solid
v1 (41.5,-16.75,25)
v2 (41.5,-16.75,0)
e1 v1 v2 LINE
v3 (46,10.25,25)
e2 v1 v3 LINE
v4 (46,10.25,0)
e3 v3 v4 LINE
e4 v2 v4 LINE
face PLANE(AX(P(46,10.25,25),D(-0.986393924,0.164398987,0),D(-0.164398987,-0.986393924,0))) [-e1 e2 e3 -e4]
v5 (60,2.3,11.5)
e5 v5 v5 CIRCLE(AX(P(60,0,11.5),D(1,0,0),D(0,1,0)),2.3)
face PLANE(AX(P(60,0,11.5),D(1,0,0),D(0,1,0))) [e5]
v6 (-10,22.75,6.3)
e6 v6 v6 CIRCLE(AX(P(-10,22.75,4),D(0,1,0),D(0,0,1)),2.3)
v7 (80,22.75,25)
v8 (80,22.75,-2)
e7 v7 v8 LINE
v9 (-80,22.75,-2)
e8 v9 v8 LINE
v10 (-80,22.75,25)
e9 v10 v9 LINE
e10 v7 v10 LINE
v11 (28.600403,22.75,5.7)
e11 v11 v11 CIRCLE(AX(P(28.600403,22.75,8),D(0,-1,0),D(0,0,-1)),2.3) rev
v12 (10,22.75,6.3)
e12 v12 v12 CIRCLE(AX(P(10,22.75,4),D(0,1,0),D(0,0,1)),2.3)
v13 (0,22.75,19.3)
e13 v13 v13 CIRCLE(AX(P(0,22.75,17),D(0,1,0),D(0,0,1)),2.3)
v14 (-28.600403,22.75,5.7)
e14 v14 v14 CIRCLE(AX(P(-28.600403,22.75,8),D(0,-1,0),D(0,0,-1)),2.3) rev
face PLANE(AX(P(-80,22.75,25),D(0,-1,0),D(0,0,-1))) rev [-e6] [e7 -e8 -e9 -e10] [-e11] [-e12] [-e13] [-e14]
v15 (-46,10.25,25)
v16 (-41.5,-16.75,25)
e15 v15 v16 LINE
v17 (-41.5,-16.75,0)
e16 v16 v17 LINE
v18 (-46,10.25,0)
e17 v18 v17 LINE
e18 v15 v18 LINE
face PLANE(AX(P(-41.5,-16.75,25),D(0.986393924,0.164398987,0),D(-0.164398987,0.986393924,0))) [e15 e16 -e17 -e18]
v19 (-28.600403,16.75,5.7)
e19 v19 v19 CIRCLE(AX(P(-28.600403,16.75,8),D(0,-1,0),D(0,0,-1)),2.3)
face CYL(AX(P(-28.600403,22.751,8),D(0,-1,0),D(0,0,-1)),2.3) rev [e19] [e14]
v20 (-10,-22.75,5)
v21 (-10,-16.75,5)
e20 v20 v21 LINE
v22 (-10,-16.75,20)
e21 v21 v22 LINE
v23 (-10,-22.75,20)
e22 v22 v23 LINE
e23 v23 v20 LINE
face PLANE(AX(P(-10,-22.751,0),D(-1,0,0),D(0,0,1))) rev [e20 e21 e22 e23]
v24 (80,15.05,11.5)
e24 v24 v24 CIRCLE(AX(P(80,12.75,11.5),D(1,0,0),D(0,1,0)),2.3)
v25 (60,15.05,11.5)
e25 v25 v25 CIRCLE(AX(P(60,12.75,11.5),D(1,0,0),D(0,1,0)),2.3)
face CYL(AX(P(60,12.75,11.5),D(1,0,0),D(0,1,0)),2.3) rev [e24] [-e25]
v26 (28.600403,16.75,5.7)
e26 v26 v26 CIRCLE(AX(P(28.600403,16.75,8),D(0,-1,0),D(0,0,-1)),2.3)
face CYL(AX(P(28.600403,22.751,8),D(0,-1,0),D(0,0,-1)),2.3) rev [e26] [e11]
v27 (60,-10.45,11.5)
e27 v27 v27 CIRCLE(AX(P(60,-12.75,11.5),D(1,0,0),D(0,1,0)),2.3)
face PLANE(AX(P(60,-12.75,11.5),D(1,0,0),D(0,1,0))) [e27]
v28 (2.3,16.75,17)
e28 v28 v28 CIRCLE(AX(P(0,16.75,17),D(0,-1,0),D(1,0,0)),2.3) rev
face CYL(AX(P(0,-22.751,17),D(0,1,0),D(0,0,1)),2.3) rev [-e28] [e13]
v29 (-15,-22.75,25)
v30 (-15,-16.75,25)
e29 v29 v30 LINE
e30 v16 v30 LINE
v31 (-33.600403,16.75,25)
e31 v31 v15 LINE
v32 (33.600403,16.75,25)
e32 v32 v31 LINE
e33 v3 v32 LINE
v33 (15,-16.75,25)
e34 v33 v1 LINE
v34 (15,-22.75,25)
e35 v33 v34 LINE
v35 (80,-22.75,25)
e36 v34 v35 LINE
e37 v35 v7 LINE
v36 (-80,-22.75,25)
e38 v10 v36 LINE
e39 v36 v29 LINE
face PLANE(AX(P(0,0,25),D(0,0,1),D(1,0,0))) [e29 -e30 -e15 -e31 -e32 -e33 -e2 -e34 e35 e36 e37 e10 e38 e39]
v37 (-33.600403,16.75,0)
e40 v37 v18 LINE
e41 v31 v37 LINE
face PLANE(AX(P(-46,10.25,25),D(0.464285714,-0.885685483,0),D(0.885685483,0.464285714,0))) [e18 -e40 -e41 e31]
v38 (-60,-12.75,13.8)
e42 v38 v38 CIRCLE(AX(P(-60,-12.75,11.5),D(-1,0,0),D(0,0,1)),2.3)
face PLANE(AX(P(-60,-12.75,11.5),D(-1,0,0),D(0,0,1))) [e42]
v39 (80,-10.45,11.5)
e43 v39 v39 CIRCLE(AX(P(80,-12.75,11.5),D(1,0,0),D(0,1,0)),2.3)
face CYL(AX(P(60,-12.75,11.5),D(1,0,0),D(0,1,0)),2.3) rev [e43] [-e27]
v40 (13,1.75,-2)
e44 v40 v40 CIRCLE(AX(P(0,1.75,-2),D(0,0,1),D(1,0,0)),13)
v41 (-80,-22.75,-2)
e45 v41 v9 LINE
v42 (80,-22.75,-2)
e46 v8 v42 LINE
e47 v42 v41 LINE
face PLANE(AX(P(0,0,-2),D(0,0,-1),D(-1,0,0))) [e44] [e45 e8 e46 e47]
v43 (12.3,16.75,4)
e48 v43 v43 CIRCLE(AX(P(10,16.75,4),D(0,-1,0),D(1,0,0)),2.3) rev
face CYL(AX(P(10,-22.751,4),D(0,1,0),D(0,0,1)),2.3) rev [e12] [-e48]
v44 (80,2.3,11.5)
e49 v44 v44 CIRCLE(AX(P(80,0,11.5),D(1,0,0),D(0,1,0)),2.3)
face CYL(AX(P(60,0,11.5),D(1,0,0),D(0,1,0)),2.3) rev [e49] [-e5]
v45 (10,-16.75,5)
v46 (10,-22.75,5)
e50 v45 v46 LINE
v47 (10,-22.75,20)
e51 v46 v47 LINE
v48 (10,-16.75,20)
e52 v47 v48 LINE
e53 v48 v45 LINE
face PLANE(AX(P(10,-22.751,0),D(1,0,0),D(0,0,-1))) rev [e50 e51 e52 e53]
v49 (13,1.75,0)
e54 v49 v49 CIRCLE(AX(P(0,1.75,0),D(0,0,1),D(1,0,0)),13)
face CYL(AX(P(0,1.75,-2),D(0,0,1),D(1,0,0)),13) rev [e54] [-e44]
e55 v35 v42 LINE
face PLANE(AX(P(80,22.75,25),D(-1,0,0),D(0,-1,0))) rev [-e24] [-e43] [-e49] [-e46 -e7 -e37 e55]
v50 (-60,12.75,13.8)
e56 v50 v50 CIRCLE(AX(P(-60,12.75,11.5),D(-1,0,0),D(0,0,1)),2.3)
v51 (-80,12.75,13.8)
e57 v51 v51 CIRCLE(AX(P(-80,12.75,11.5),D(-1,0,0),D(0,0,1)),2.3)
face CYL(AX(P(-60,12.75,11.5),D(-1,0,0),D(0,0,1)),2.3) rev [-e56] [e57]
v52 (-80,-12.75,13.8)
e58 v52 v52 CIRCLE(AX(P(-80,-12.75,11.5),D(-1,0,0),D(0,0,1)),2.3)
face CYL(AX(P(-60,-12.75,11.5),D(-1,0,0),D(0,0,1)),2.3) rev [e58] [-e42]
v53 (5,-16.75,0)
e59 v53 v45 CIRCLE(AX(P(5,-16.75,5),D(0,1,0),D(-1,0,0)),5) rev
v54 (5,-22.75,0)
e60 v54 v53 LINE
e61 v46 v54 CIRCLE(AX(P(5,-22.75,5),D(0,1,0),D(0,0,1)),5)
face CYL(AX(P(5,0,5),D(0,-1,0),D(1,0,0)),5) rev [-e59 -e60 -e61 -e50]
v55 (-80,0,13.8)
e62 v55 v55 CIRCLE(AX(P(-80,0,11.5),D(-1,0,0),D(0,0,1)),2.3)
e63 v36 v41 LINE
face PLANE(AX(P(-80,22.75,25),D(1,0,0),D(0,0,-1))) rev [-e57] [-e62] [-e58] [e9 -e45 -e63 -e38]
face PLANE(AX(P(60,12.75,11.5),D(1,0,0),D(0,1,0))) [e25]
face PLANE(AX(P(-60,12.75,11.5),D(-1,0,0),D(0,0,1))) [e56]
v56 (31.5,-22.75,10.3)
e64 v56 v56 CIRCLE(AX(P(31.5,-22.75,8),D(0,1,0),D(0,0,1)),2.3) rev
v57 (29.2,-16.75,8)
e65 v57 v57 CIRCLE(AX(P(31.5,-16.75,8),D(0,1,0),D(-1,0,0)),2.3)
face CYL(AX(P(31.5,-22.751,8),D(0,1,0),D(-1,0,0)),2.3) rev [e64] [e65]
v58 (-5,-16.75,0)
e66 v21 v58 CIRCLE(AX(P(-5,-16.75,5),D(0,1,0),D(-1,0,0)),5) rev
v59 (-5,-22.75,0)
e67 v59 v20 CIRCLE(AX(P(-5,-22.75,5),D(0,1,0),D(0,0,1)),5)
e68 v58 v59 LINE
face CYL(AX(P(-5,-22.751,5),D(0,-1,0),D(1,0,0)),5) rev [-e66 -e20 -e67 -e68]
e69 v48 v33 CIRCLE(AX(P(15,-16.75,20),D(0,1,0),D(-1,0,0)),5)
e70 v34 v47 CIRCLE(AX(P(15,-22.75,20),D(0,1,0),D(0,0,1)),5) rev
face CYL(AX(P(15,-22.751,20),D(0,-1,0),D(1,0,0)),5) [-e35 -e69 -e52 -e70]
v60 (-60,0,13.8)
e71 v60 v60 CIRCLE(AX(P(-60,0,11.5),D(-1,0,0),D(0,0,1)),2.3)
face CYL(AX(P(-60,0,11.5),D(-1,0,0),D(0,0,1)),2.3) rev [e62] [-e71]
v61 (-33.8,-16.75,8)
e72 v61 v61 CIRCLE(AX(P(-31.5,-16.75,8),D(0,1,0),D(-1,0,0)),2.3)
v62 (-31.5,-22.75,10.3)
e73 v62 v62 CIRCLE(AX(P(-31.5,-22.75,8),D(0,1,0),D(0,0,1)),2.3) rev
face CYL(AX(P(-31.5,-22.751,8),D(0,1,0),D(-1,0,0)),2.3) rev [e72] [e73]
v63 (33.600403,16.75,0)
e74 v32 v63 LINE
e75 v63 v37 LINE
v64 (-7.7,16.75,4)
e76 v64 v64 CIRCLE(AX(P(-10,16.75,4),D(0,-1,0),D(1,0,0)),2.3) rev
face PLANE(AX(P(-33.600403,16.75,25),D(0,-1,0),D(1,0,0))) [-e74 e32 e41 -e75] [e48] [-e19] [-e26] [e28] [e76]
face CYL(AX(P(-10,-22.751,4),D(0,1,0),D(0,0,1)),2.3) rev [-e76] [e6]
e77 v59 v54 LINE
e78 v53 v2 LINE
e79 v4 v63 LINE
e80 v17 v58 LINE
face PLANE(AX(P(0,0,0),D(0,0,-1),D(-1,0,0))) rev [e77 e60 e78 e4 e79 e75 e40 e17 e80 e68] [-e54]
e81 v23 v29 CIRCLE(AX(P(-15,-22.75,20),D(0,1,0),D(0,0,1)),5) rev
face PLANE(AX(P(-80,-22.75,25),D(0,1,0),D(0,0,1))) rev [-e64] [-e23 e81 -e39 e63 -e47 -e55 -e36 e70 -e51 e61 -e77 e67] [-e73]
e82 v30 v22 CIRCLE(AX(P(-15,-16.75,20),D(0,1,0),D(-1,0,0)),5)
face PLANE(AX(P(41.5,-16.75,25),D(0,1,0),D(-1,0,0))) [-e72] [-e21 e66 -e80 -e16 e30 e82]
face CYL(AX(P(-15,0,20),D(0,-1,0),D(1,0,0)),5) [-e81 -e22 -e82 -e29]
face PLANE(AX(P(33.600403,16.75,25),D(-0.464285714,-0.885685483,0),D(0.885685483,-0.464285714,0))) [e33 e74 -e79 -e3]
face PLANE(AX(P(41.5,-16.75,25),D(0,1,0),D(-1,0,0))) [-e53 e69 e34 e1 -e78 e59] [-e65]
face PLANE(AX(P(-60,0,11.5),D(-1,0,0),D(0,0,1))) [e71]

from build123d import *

# Parameters (mm, degrees)
CROQUIS1_W              = 160
CROQUIS1_H              = 45.5
SALIENTE_EXTRUIR1_DEPTH = 25
CROQUIS2_W              = 160
CROQUIS2_H              = 45.5
SALIENTE_EXTRUIR2_DEPTH = 2
CROQUIS5_R              = 13
CORTAR_EXTRUIR3_DEPTH   = 2
CORTAR_EXTRUIR4_REACH   = 8
CROQUIS6_W              = 20
CROQUIS6_H              = 25
REDONDEO1_R             = 5
REDONDEO2_R             = 5
CORTAR_EXTRUIR5_REACH   = 8
CROQUIS7_R              = 2.3
CORTAR_EXTRUIR6_REACH   = 8
CROQUIS8_R              = 2.3
CORTAR_EXTRUIR7_REACH   = 47.5
CROQUIS9_R              = 2.3
CROQUIS10_R             = 2.3
CORTAR_EXTRUIR8_DEPTH   = 20
CROQUIS11_R             = 2.3
CORTAR_EXTRUIR9_DEPTH   = 20


with BuildPart() as part:
    # Croquis1 → Saliente-Extruir1 (new body)
    with BuildSketch(Plane.XY):
        Rectangle(CROQUIS1_W, CROQUIS1_H)
        Polygon((-33.600403232, 16.75), (33.600403232, 16.75), (46, 10.25), (41.5, -16.75), (-41.5, -16.75), (-46, 10.25), align=None, mode=Mode.SUBTRACT)
    extrude(amount=SALIENTE_EXTRUIR1_DEPTH)

    # Croquis2 → Saliente-Extruir2 (add)
    with BuildSketch(Plane(origin=(0, 0, 0), x_dir=(-1, 0, 0), z_dir=(0, 0, -1))):
        Rectangle(CROQUIS2_W, CROQUIS2_H)
    extrude(amount=SALIENTE_EXTRUIR2_DEPTH)

    # Croquis5 → Cortar-Extruir3 (cut)
    with BuildSketch(Plane.XY):
        with Locations((0, 1.75)):
            Circle(CROQUIS5_R)
    extrude(amount=-CORTAR_EXTRUIR3_DEPTH, mode=Mode.SUBTRACT)

    # Croquis6 → Cortar-Extruir4 (cut, up to next)
    with BuildSketch(Plane(origin=(0, -16.75, 0), x_dir=(1, 0, 0), z_dir=(0, 1, 0)), mode=Mode.PRIVATE) as cortar_extruir4_sk1:
        with Locations((0, -12.5)):
            Rectangle(CROQUIS6_W, CROQUIS6_H)
    cortar_extruir4_tool1 = extrude(cortar_extruir4_sk1.sketch, amount=-CORTAR_EXTRUIR4_REACH, mode=Mode.PRIVATE) & part.part
    add(cortar_extruir4_tool1.solids().sort_by_distance((0, -16.75, 12.5))[0], mode=Mode.SUBTRACT)

    # Redondeo1
    redondeo1_edges = [part.edges().sort_by_distance(p)[0] for p in [
        (-10, -19.75, 0),
        (10, -19.75, 0),
    ]]
    fillet(redondeo1_edges, radius=REDONDEO1_R)

    # Redondeo2
    redondeo2_edges = [part.edges().sort_by_distance(p)[0] for p in [
        (-10, -19.75, 25),
        (10, -19.75, 25),
    ]]
    fillet(redondeo2_edges, radius=REDONDEO2_R)

    # Croquis7 → Cortar-Extruir5 (cut, up to next)
    with BuildSketch(Plane(origin=(0, -16.75, 0), x_dir=(1, 0, 0), z_dir=(0, 1, 0)), mode=Mode.PRIVATE) as cortar_extruir5_sk1:
        with Locations((-31.5, -8)):
            Circle(CROQUIS7_R)
    cortar_extruir5_tool1 = extrude(cortar_extruir5_sk1.sketch, amount=-CORTAR_EXTRUIR5_REACH, mode=Mode.PRIVATE) & part.part
    add(cortar_extruir5_tool1.solids().sort_by_distance((-31.5, -16.75, 8))[0], mode=Mode.SUBTRACT)
    # Croquis7 → Cortar-Extruir5 (cut, up to next)
    with BuildSketch(Plane(origin=(0, -16.75, 0), x_dir=(1, 0, 0), z_dir=(0, 1, 0)), mode=Mode.PRIVATE) as cortar_extruir5_sk2:
        with Locations((31.5, -8)):
            Circle(CROQUIS7_R)
    cortar_extruir5_tool2 = extrude(cortar_extruir5_sk2.sketch, amount=-CORTAR_EXTRUIR5_REACH, mode=Mode.PRIVATE) & part.part
    add(cortar_extruir5_tool2.solids().sort_by_distance((31.5, -16.75, 8))[0], mode=Mode.SUBTRACT)

    # Croquis8 → Cortar-Extruir6 (cut, up to next)
    with BuildSketch(Plane.XZ.offset(-16.75), mode=Mode.PRIVATE) as cortar_extruir6_sk1:
        with Locations((-28.600403232, 8)):
            Circle(CROQUIS8_R)
    cortar_extruir6_tool1 = extrude(cortar_extruir6_sk1.sketch, amount=-CORTAR_EXTRUIR6_REACH, mode=Mode.PRIVATE) & part.part
    add(cortar_extruir6_tool1.solids().sort_by_distance((-28.600403, 16.75, 8))[0], mode=Mode.SUBTRACT)
    # Croquis8 → Cortar-Extruir6 (cut, up to next)
    with BuildSketch(Plane.XZ.offset(-16.75), mode=Mode.PRIVATE) as cortar_extruir6_sk2:
        with Locations((28.600403232, 8)):
            Circle(CROQUIS8_R)
    cortar_extruir6_tool2 = extrude(cortar_extruir6_sk2.sketch, amount=-CORTAR_EXTRUIR6_REACH, mode=Mode.PRIVATE) & part.part
    add(cortar_extruir6_tool2.solids().sort_by_distance((28.600403, 16.75, 8))[0], mode=Mode.SUBTRACT)

    # Croquis9 → Cortar-Extruir7 (cut, up to next)
    with BuildSketch(Plane(origin=(0, 22.75, 0), x_dir=(1, 0, 0), z_dir=(0, 1, 0)), mode=Mode.PRIVATE) as cortar_extruir7_sk1:
        with Locations((-10, -4)):
            Circle(CROQUIS9_R)
    cortar_extruir7_tool1 = extrude(cortar_extruir7_sk1.sketch, amount=-CORTAR_EXTRUIR7_REACH, mode=Mode.PRIVATE) & part.part
    add(cortar_extruir7_tool1.solids().sort_by_distance((-10, 22.75, 4))[0], mode=Mode.SUBTRACT)
    # Croquis9 → Cortar-Extruir7 (cut, up to next)
    with BuildSketch(Plane(origin=(0, 22.75, 0), x_dir=(1, 0, 0), z_dir=(0, 1, 0)), mode=Mode.PRIVATE) as cortar_extruir7_sk2:
        with Locations((10, -4)):
            Circle(CROQUIS9_R)
    cortar_extruir7_tool2 = extrude(cortar_extruir7_sk2.sketch, amount=-CORTAR_EXTRUIR7_REACH, mode=Mode.PRIVATE) & part.part
    add(cortar_extruir7_tool2.solids().sort_by_distance((10, 22.75, 4))[0], mode=Mode.SUBTRACT)
    # Croquis9 → Cortar-Extruir7 (cut, up to next)
    with BuildSketch(Plane(origin=(0, 22.75, 0), x_dir=(1, 0, 0), z_dir=(0, 1, 0)), mode=Mode.PRIVATE) as cortar_extruir7_sk3:
        with Locations((0, -17)):
            Circle(CROQUIS9_R)
    cortar_extruir7_tool3 = extrude(cortar_extruir7_sk3.sketch, amount=-CORTAR_EXTRUIR7_REACH, mode=Mode.PRIVATE) & part.part
    add(cortar_extruir7_tool3.solids().sort_by_distance((0, 22.75, 17))[0], mode=Mode.SUBTRACT)

    # Croquis10 → Cortar-Extruir8 (cut)
    with BuildSketch(Plane.ZY.offset(80)):
        with Locations((11.5, 0)):
            Circle(CROQUIS10_R)
        with Locations((11.5, -12.75)):
            Circle(CROQUIS10_R)
        with Locations((11.5, 12.75)):
            Circle(CROQUIS10_R)
    extrude(amount=-CORTAR_EXTRUIR8_DEPTH, mode=Mode.SUBTRACT)

    # Croquis11 → Cortar-Extruir9 (cut)
    with BuildSketch(Plane(origin=(80, 0, 0), x_dir=(0, 0, -1), z_dir=(1, 0, 0))):
        with Locations((-11.5, 12.75)):
            Circle(CROQUIS11_R)
        with Locations((-11.5, 0)):
            Circle(CROQUIS11_R)
        with Locations((-11.5, -12.75)):
            Circle(CROQUIS11_R)
    extrude(amount=-CORTAR_EXTRUIR9_DEPTH, mode=Mode.SUBTRACT)


solid = part.part
